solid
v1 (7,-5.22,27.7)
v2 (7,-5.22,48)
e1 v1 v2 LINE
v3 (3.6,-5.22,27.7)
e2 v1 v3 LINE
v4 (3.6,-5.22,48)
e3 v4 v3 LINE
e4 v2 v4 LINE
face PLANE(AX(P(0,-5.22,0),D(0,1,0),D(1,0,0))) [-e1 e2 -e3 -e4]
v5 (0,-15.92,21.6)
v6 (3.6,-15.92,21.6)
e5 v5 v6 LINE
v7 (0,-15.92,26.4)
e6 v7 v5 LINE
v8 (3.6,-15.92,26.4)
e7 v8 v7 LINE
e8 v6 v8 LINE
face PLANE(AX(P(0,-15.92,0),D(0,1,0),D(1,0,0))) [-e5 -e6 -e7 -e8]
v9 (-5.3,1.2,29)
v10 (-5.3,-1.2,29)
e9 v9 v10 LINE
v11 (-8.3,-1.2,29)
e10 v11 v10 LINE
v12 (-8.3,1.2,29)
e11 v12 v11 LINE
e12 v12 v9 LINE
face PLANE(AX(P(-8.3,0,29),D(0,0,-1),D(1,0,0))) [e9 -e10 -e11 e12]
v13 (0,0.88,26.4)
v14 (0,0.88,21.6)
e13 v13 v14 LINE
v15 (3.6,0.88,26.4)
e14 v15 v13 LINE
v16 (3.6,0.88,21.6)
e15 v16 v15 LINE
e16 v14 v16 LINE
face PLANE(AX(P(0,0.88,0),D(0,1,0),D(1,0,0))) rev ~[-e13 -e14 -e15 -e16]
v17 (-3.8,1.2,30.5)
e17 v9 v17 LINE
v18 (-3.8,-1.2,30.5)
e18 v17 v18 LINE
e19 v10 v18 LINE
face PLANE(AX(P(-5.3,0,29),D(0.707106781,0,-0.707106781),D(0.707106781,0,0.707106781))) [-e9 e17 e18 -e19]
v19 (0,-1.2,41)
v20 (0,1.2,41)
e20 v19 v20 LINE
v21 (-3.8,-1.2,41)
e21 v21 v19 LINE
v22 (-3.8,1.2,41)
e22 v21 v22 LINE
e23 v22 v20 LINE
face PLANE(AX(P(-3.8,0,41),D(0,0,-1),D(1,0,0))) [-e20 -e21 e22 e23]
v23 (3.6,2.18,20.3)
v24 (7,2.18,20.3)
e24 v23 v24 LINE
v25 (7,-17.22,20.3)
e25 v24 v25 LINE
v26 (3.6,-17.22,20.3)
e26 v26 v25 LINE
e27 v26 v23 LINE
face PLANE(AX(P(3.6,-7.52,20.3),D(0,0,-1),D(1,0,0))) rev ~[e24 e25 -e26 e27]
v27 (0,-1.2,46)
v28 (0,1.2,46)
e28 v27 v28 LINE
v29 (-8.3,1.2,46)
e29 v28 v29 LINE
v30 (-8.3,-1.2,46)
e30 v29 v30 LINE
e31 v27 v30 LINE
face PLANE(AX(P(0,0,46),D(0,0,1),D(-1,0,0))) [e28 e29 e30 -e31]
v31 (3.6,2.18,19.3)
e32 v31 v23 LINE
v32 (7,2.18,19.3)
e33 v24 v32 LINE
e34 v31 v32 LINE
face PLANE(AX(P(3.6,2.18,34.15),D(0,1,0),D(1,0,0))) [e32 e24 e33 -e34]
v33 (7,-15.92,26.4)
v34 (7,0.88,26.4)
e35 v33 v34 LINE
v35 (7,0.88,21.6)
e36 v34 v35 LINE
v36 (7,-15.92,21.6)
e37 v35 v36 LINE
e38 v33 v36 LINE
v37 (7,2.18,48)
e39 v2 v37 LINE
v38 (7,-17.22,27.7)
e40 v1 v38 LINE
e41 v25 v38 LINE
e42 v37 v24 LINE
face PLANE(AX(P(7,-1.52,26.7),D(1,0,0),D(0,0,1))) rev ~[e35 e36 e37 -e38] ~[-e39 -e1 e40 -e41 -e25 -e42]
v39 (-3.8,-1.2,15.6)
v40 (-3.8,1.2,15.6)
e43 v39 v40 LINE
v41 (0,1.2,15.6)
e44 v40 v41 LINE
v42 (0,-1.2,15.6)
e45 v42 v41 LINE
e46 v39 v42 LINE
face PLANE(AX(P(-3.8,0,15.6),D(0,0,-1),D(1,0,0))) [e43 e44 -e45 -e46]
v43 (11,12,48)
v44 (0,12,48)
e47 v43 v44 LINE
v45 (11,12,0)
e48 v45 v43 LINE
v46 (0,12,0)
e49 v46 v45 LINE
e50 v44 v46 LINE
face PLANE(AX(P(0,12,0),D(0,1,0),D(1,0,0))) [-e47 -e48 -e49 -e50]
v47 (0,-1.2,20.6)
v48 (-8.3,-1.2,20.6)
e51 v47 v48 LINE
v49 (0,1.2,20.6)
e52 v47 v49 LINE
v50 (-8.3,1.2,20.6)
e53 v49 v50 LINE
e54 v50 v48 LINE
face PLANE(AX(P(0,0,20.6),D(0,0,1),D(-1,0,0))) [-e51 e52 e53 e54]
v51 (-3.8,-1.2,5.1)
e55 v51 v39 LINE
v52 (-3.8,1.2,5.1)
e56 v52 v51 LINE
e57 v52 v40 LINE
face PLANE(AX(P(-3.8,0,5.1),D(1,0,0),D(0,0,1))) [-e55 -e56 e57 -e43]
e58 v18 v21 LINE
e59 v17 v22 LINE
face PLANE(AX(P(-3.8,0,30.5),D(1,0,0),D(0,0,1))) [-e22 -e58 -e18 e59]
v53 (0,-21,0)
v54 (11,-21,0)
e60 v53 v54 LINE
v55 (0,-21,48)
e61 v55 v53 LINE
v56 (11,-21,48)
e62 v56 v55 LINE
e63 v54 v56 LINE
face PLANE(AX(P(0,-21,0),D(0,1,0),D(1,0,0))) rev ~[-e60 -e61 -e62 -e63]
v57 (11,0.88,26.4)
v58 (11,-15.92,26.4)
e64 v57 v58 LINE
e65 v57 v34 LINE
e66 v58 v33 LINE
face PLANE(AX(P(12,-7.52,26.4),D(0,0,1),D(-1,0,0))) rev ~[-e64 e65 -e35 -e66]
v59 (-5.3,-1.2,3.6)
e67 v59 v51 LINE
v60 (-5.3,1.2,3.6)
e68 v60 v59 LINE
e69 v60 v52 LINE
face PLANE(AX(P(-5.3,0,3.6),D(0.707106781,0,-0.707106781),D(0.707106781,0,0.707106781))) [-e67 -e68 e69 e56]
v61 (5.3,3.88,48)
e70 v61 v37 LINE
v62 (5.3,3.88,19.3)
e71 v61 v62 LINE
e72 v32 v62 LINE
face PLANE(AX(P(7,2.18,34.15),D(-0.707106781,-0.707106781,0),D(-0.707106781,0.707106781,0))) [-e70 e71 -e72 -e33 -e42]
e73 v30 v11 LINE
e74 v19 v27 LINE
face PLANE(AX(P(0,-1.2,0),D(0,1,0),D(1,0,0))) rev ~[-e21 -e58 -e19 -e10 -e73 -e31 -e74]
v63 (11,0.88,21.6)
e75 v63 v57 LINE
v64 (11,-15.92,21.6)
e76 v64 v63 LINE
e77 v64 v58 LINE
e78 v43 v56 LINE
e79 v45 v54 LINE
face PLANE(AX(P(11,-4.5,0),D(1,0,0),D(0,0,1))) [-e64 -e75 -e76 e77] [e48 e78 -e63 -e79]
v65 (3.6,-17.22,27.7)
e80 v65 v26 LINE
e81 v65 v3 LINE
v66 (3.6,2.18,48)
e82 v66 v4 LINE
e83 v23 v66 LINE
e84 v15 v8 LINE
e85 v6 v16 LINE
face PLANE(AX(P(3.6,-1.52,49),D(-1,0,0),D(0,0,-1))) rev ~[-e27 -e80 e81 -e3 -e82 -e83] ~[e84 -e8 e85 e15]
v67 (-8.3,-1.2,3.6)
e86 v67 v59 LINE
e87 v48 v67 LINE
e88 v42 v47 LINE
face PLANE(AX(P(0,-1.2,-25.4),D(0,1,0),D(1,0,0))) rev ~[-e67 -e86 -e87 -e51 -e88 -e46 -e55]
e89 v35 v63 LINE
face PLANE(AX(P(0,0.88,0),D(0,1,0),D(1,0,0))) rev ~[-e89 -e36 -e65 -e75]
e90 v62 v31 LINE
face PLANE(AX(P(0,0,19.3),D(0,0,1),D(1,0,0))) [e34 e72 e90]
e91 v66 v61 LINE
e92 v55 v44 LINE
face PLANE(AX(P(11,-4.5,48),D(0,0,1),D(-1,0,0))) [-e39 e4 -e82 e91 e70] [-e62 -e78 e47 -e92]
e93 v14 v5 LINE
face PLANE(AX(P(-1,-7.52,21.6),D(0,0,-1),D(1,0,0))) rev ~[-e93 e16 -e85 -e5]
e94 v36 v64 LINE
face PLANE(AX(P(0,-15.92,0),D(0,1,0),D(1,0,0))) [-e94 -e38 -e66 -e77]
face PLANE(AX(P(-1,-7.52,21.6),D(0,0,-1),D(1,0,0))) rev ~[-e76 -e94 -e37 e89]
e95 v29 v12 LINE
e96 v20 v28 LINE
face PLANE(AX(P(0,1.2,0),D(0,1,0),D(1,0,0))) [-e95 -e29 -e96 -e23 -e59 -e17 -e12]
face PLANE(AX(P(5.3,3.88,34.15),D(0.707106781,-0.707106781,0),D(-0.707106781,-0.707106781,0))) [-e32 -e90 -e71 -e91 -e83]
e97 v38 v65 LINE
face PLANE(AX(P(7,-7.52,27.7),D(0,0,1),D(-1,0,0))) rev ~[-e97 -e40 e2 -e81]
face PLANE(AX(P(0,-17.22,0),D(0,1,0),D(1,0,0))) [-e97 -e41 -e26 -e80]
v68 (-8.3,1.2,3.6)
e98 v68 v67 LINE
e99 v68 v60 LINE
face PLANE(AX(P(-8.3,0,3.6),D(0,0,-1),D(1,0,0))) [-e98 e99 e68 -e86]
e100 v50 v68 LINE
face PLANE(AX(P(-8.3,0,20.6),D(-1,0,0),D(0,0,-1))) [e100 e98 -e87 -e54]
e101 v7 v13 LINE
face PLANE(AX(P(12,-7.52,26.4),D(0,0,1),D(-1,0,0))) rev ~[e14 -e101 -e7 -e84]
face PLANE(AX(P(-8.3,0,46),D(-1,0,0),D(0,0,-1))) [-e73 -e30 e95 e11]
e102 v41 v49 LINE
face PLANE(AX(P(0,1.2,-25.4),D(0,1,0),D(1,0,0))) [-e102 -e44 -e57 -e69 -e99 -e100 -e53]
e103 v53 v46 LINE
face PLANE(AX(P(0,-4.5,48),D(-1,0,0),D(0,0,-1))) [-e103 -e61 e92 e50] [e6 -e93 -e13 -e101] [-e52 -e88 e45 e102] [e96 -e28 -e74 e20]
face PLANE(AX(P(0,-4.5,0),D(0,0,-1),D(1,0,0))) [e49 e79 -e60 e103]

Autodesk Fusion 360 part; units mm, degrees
sketch "Plate" plane through (0, 0, 0) normal (0, 1, 0) x (1, 0, 0)
  line L0 (0, 0) -> (11, 0)
  line L1 (11, 0) -> (11, -48)
  line L2 (11, -48) -> (0, -48)
  line L3 (0, -48) -> (0, 0)
  dimension "d359" = 11
  dimension "d360" = 48
extrude "Plate (1)" add sketch "Plate" along normal mid plane 33 from surface at -4.5
sketch "Hook profile" plane through (0, 0, 0) normal (0, 1, 0) x (1, 0, 0)
  line L0 (0, -46) -> (-8.3, -46)
  line L1 (-8.3, -46) -> (-8.3, -29)
  line L2 (-8.3, -29) -> (-5.3, -29)
  line L3 (-5.3, -29) -> (-3.8, -30.5)
  line L4 (-3.8, -30.5) -> (-3.8, -41)
  line L5 (-3.8, -41) -> (0, -41)
  line L6 (0, -41) -> (0, -46)
  dimension "d364" = 46
  dimension "d365" = 8.3
  dimension "d366" = 3.8
  dimension "d367" = 5
  dimension "d368" = 10.5
  dimension "d369" = 1.5
  dimension "d370" = 1.5
extrude "Hook profile (1)" add sketch "Hook profile" along normal mid plane 2.4
pattern_linear "Hook rows" count 2 spacing 25.4 along (0, 0, -1) count 3 spacing 0 along (0, 0, 1) of "Hook profile (1)"
sketch "Screw hole" plane through (0, 0, 0) normal (0, 1, 0) x (1, 0, 0)
  line L0 (-1, -21.6) -> (12, -21.6)
  line L1 (12, -21.6) -> (12, -26.4)
  line L2 (12, -26.4) -> (-1, -26.4)
  line L3 (-1, -26.4) -> (-1, -21.6)
  dimension "d377" = 12
  dimension "d378" = 21.6
  dimension "d379" = 13
  dimension "d380" = 4.8
extrude "Screw hole (1)" cut sketch "Screw hole" along normal mid plane 16.8 from surface at -7.52
sketch "Nut cavity" plane through (0, 0, 0) normal (0, 1, 0) x (1, 0, 0)
  line L0 (3.6, -20.3) -> (7, -20.3)
  line L1 (7, -20.3) -> (7, -27.7)
  line L2 (7, -27.7) -> (3.6, -27.7)
  line L3 (3.6, -27.7) -> (3.6, -20.3)
  dimension "d384" = 7
  dimension "d385" = 20.3
  dimension "d386" = 3.4
  dimension "d387" = 7.4
extrude "Nut cavity (1)" cut sketch "Nut cavity" along normal mid plane 19.4 from surface at -7.52
sketch "Nut entry" plane through (0, 0, 0) normal (0, 1, 0) x (1, 0, 0)
  line L0 (3.6, -26.7) -> (7, -26.7)
  line L1 (7, -26.7) -> (7, -49)
  line L2 (7, -49) -> (3.6, -49)
  line L3 (3.6, -49) -> (3.6, -26.7)
  dimension "d391" = 7
  dimension "d392" = 26.7
  dimension "d393" = 3.4
  dimension "d394" = 22.3
extrude "Nut entry (1)" cut sketch "Nut entry" along normal mid plane 7.4 from surface at -1.52
sketch "Cavity roof" plane through (0, 0, 0) normal (0, 0, 1) x (1, 0, 0)
  line L0 (3.6, 2.18) -> (7, 2.18)
  line L1 (7, 2.18) -> (5.3, 3.88)
  line L2 (5.3, 3.88) -> (3.6, 2.18)
  dimension "d398" = 3.6
  dimension "d399" = 2.18
  dimension "d400" = 7
  dimension "d401" = 5.3
  dimension "d402" = 1.7
extrude "Cavity roof (1)" cut sketch "Cavity roof" along normal mid plane 29.7 from surface at 34.15
equation "bracketWidth = 24.0 mm" comment "bracket width across the upright"
equation "plateHeight = 48.0 mm" comment "plate height"
equation "plateInboardExtension = 9.0 mm" comment "extra plate toward the desk centre, where the channel reaches"
equation "boardThickness = 6.0 mm" comment "measured SKADIS panel thickness"
equation "screwLength = 15.0 mm" comment "measured decorative M4 screw"
equation "screwDiameter = 4.0 mm" comment "M4 shank"
equation "screwClearance = 0.8 mm" comment "slack around the shank"
equation "screwTipClearance = 2.0 mm" comment "tip stops this short of the plate's back face"
equation "screwSlotWidth = screwDiameter + screwClearance" comment "screw relief slot height"
equation "nutAcrossFlats = 7.0 mm" comment "M4 square nut across flats"
equation "nutThickness = 3.0 mm" comment "M4 square nut thickness"
equation "nutChannelClearance = 0.4 mm" comment "slack around the nut in its channel"
equation "nutChannelHeight = nutAcrossFlats + nutChannelClearance" comment "channel height; under the nut's diagonal so it cannot turn"
equation "plateThickness = screwLength - boardThickness + screwTipClearance" comment "derived: deep enough to swallow the screw"
equation "mountTravel = 12.0 mm" comment "left-right adjustment"
equation "nutChannelLength = mountTravel + nutAcrossFlats + nutChannelClearance" comment "channel length along the plate"
equation "screwSlotLength = mountTravel + screwSlotWidth" comment "relief slot length along the plate"
equation "topMountZ = 24.0 mm" comment "top channel centre"
equation "mountOffsetY = -7.52 mm" comment "channel centre on the board's grid"
equation "slotOvershoot = 1.0 mm" comment "cuts reach past the faces they cut"
equation "slotWidth = 3.2 mm" comment "measured upright slot width"
equation "slotPitchVertical = 25.4 mm" comment "1 inch, measured"
equation "faceMetalThickness = 2.0 mm" comment "upright face metal"
equation "hookTabWidth = slotWidth - 0.8 mm" comment "blade width through the slot"
equation "hookThroat = faceMetalThickness + 1.8 mm" comment "gap behind the plate"
equation "hookNeckHeight = 5.0 mm" comment "bears on the slot bottom edge"
equation "hookLipThickness = 4.5 mm" comment "lip behind the upright face"
equation "hookLipDrop = 12.0 mm" comment "engagement below the neck"
equation "hookLipChamfer = 1.5 mm" comment "lead-in past slot burrs"
equation "topHookNeckTop = plateHeight - 2 mm" comment "top hook row"
equation "hookRows = 2" comment "hook rows (pattern count)"
equation "nutCavityClearance = 0.4 mm" comment "slack across the nut's thickness"
equation "nutWallThickness = 4.0 mm" comment "wall in front of the nut; the screw pulls the nut against it"
equation "nutCavityDepth = nutThickness + nutCavityClearance" comment "cavity depth"
equation "nutRoofDepth = nutCavityDepth / 2" comment "45 deg roof beyond the cavity's outboard end, so it prints unsupported"
equation "d359 = plateThickness"
equation "d360 = plateHeight"
equation "d361 = -plateInboardExtension / 2"
equation "d362 = bracketWidth + plateInboardExtension"
equation "d364 = topHookNeckTop"
equation "d365 = hookThroat + hookLipThickness"
equation "d366 = hookThroat"
equation "d367 = hookNeckHeight"
equation "d368 = hookLipDrop - hookLipChamfer"
equation "d369 = hookLipChamfer"
equation "d370 = hookLipChamfer"
equation "d371 = hookTabWidth"
equation "d373 = hookRows"
equation "d375 = -slotPitchVertical"
equation "d377 = plateThickness + slotOvershoot"
equation "d378 = topMountZ - screwSlotWidth / 2"
equation "d379 = plateThickness + 2 * slotOvershoot"
equation "d380 = screwSlotWidth"
equation "d381 = mountOffsetY"
equation "d382 = screwSlotLength"
equation "d384 = plateThickness - nutWallThickness"
equation "d385 = topMountZ - nutChannelHeight / 2"
equation "d386 = nutCavityDepth"
equation "d387 = nutChannelHeight"
equation "d388 = mountOffsetY"
equation "d389 = nutChannelLength"
equation "d391 = plateThickness - nutWallThickness"
equation "d392 = topMountZ + nutChannelHeight / 2 - slotOvershoot"
equation "d393 = nutCavityDepth"
equation "d394 = plateHeight - topMountZ - nutChannelHeight / 2 + 2 * slotOvershoot"
equation "d395 = mountOffsetY + mountTravel / 2"
equation "d396 = nutChannelHeight"
equation "d398 = plateThickness - nutWallThickness - nutCavityDepth"
equation "d399 = mountOffsetY + nutChannelLength / 2"
equation "d400 = plateThickness - nutWallThickness"
equation "d401 = plateThickness - nutWallThickness - nutCavityDepth / 2"
equation "d402 = nutRoofDepth"
equation "d403 = ( topMountZ - nutChannelHeight / 2 + plateHeight ) / 2"
equation "d404 = plateHeight - topMountZ + nutChannelHeight / 2 + 2 * slotOvershoot"
